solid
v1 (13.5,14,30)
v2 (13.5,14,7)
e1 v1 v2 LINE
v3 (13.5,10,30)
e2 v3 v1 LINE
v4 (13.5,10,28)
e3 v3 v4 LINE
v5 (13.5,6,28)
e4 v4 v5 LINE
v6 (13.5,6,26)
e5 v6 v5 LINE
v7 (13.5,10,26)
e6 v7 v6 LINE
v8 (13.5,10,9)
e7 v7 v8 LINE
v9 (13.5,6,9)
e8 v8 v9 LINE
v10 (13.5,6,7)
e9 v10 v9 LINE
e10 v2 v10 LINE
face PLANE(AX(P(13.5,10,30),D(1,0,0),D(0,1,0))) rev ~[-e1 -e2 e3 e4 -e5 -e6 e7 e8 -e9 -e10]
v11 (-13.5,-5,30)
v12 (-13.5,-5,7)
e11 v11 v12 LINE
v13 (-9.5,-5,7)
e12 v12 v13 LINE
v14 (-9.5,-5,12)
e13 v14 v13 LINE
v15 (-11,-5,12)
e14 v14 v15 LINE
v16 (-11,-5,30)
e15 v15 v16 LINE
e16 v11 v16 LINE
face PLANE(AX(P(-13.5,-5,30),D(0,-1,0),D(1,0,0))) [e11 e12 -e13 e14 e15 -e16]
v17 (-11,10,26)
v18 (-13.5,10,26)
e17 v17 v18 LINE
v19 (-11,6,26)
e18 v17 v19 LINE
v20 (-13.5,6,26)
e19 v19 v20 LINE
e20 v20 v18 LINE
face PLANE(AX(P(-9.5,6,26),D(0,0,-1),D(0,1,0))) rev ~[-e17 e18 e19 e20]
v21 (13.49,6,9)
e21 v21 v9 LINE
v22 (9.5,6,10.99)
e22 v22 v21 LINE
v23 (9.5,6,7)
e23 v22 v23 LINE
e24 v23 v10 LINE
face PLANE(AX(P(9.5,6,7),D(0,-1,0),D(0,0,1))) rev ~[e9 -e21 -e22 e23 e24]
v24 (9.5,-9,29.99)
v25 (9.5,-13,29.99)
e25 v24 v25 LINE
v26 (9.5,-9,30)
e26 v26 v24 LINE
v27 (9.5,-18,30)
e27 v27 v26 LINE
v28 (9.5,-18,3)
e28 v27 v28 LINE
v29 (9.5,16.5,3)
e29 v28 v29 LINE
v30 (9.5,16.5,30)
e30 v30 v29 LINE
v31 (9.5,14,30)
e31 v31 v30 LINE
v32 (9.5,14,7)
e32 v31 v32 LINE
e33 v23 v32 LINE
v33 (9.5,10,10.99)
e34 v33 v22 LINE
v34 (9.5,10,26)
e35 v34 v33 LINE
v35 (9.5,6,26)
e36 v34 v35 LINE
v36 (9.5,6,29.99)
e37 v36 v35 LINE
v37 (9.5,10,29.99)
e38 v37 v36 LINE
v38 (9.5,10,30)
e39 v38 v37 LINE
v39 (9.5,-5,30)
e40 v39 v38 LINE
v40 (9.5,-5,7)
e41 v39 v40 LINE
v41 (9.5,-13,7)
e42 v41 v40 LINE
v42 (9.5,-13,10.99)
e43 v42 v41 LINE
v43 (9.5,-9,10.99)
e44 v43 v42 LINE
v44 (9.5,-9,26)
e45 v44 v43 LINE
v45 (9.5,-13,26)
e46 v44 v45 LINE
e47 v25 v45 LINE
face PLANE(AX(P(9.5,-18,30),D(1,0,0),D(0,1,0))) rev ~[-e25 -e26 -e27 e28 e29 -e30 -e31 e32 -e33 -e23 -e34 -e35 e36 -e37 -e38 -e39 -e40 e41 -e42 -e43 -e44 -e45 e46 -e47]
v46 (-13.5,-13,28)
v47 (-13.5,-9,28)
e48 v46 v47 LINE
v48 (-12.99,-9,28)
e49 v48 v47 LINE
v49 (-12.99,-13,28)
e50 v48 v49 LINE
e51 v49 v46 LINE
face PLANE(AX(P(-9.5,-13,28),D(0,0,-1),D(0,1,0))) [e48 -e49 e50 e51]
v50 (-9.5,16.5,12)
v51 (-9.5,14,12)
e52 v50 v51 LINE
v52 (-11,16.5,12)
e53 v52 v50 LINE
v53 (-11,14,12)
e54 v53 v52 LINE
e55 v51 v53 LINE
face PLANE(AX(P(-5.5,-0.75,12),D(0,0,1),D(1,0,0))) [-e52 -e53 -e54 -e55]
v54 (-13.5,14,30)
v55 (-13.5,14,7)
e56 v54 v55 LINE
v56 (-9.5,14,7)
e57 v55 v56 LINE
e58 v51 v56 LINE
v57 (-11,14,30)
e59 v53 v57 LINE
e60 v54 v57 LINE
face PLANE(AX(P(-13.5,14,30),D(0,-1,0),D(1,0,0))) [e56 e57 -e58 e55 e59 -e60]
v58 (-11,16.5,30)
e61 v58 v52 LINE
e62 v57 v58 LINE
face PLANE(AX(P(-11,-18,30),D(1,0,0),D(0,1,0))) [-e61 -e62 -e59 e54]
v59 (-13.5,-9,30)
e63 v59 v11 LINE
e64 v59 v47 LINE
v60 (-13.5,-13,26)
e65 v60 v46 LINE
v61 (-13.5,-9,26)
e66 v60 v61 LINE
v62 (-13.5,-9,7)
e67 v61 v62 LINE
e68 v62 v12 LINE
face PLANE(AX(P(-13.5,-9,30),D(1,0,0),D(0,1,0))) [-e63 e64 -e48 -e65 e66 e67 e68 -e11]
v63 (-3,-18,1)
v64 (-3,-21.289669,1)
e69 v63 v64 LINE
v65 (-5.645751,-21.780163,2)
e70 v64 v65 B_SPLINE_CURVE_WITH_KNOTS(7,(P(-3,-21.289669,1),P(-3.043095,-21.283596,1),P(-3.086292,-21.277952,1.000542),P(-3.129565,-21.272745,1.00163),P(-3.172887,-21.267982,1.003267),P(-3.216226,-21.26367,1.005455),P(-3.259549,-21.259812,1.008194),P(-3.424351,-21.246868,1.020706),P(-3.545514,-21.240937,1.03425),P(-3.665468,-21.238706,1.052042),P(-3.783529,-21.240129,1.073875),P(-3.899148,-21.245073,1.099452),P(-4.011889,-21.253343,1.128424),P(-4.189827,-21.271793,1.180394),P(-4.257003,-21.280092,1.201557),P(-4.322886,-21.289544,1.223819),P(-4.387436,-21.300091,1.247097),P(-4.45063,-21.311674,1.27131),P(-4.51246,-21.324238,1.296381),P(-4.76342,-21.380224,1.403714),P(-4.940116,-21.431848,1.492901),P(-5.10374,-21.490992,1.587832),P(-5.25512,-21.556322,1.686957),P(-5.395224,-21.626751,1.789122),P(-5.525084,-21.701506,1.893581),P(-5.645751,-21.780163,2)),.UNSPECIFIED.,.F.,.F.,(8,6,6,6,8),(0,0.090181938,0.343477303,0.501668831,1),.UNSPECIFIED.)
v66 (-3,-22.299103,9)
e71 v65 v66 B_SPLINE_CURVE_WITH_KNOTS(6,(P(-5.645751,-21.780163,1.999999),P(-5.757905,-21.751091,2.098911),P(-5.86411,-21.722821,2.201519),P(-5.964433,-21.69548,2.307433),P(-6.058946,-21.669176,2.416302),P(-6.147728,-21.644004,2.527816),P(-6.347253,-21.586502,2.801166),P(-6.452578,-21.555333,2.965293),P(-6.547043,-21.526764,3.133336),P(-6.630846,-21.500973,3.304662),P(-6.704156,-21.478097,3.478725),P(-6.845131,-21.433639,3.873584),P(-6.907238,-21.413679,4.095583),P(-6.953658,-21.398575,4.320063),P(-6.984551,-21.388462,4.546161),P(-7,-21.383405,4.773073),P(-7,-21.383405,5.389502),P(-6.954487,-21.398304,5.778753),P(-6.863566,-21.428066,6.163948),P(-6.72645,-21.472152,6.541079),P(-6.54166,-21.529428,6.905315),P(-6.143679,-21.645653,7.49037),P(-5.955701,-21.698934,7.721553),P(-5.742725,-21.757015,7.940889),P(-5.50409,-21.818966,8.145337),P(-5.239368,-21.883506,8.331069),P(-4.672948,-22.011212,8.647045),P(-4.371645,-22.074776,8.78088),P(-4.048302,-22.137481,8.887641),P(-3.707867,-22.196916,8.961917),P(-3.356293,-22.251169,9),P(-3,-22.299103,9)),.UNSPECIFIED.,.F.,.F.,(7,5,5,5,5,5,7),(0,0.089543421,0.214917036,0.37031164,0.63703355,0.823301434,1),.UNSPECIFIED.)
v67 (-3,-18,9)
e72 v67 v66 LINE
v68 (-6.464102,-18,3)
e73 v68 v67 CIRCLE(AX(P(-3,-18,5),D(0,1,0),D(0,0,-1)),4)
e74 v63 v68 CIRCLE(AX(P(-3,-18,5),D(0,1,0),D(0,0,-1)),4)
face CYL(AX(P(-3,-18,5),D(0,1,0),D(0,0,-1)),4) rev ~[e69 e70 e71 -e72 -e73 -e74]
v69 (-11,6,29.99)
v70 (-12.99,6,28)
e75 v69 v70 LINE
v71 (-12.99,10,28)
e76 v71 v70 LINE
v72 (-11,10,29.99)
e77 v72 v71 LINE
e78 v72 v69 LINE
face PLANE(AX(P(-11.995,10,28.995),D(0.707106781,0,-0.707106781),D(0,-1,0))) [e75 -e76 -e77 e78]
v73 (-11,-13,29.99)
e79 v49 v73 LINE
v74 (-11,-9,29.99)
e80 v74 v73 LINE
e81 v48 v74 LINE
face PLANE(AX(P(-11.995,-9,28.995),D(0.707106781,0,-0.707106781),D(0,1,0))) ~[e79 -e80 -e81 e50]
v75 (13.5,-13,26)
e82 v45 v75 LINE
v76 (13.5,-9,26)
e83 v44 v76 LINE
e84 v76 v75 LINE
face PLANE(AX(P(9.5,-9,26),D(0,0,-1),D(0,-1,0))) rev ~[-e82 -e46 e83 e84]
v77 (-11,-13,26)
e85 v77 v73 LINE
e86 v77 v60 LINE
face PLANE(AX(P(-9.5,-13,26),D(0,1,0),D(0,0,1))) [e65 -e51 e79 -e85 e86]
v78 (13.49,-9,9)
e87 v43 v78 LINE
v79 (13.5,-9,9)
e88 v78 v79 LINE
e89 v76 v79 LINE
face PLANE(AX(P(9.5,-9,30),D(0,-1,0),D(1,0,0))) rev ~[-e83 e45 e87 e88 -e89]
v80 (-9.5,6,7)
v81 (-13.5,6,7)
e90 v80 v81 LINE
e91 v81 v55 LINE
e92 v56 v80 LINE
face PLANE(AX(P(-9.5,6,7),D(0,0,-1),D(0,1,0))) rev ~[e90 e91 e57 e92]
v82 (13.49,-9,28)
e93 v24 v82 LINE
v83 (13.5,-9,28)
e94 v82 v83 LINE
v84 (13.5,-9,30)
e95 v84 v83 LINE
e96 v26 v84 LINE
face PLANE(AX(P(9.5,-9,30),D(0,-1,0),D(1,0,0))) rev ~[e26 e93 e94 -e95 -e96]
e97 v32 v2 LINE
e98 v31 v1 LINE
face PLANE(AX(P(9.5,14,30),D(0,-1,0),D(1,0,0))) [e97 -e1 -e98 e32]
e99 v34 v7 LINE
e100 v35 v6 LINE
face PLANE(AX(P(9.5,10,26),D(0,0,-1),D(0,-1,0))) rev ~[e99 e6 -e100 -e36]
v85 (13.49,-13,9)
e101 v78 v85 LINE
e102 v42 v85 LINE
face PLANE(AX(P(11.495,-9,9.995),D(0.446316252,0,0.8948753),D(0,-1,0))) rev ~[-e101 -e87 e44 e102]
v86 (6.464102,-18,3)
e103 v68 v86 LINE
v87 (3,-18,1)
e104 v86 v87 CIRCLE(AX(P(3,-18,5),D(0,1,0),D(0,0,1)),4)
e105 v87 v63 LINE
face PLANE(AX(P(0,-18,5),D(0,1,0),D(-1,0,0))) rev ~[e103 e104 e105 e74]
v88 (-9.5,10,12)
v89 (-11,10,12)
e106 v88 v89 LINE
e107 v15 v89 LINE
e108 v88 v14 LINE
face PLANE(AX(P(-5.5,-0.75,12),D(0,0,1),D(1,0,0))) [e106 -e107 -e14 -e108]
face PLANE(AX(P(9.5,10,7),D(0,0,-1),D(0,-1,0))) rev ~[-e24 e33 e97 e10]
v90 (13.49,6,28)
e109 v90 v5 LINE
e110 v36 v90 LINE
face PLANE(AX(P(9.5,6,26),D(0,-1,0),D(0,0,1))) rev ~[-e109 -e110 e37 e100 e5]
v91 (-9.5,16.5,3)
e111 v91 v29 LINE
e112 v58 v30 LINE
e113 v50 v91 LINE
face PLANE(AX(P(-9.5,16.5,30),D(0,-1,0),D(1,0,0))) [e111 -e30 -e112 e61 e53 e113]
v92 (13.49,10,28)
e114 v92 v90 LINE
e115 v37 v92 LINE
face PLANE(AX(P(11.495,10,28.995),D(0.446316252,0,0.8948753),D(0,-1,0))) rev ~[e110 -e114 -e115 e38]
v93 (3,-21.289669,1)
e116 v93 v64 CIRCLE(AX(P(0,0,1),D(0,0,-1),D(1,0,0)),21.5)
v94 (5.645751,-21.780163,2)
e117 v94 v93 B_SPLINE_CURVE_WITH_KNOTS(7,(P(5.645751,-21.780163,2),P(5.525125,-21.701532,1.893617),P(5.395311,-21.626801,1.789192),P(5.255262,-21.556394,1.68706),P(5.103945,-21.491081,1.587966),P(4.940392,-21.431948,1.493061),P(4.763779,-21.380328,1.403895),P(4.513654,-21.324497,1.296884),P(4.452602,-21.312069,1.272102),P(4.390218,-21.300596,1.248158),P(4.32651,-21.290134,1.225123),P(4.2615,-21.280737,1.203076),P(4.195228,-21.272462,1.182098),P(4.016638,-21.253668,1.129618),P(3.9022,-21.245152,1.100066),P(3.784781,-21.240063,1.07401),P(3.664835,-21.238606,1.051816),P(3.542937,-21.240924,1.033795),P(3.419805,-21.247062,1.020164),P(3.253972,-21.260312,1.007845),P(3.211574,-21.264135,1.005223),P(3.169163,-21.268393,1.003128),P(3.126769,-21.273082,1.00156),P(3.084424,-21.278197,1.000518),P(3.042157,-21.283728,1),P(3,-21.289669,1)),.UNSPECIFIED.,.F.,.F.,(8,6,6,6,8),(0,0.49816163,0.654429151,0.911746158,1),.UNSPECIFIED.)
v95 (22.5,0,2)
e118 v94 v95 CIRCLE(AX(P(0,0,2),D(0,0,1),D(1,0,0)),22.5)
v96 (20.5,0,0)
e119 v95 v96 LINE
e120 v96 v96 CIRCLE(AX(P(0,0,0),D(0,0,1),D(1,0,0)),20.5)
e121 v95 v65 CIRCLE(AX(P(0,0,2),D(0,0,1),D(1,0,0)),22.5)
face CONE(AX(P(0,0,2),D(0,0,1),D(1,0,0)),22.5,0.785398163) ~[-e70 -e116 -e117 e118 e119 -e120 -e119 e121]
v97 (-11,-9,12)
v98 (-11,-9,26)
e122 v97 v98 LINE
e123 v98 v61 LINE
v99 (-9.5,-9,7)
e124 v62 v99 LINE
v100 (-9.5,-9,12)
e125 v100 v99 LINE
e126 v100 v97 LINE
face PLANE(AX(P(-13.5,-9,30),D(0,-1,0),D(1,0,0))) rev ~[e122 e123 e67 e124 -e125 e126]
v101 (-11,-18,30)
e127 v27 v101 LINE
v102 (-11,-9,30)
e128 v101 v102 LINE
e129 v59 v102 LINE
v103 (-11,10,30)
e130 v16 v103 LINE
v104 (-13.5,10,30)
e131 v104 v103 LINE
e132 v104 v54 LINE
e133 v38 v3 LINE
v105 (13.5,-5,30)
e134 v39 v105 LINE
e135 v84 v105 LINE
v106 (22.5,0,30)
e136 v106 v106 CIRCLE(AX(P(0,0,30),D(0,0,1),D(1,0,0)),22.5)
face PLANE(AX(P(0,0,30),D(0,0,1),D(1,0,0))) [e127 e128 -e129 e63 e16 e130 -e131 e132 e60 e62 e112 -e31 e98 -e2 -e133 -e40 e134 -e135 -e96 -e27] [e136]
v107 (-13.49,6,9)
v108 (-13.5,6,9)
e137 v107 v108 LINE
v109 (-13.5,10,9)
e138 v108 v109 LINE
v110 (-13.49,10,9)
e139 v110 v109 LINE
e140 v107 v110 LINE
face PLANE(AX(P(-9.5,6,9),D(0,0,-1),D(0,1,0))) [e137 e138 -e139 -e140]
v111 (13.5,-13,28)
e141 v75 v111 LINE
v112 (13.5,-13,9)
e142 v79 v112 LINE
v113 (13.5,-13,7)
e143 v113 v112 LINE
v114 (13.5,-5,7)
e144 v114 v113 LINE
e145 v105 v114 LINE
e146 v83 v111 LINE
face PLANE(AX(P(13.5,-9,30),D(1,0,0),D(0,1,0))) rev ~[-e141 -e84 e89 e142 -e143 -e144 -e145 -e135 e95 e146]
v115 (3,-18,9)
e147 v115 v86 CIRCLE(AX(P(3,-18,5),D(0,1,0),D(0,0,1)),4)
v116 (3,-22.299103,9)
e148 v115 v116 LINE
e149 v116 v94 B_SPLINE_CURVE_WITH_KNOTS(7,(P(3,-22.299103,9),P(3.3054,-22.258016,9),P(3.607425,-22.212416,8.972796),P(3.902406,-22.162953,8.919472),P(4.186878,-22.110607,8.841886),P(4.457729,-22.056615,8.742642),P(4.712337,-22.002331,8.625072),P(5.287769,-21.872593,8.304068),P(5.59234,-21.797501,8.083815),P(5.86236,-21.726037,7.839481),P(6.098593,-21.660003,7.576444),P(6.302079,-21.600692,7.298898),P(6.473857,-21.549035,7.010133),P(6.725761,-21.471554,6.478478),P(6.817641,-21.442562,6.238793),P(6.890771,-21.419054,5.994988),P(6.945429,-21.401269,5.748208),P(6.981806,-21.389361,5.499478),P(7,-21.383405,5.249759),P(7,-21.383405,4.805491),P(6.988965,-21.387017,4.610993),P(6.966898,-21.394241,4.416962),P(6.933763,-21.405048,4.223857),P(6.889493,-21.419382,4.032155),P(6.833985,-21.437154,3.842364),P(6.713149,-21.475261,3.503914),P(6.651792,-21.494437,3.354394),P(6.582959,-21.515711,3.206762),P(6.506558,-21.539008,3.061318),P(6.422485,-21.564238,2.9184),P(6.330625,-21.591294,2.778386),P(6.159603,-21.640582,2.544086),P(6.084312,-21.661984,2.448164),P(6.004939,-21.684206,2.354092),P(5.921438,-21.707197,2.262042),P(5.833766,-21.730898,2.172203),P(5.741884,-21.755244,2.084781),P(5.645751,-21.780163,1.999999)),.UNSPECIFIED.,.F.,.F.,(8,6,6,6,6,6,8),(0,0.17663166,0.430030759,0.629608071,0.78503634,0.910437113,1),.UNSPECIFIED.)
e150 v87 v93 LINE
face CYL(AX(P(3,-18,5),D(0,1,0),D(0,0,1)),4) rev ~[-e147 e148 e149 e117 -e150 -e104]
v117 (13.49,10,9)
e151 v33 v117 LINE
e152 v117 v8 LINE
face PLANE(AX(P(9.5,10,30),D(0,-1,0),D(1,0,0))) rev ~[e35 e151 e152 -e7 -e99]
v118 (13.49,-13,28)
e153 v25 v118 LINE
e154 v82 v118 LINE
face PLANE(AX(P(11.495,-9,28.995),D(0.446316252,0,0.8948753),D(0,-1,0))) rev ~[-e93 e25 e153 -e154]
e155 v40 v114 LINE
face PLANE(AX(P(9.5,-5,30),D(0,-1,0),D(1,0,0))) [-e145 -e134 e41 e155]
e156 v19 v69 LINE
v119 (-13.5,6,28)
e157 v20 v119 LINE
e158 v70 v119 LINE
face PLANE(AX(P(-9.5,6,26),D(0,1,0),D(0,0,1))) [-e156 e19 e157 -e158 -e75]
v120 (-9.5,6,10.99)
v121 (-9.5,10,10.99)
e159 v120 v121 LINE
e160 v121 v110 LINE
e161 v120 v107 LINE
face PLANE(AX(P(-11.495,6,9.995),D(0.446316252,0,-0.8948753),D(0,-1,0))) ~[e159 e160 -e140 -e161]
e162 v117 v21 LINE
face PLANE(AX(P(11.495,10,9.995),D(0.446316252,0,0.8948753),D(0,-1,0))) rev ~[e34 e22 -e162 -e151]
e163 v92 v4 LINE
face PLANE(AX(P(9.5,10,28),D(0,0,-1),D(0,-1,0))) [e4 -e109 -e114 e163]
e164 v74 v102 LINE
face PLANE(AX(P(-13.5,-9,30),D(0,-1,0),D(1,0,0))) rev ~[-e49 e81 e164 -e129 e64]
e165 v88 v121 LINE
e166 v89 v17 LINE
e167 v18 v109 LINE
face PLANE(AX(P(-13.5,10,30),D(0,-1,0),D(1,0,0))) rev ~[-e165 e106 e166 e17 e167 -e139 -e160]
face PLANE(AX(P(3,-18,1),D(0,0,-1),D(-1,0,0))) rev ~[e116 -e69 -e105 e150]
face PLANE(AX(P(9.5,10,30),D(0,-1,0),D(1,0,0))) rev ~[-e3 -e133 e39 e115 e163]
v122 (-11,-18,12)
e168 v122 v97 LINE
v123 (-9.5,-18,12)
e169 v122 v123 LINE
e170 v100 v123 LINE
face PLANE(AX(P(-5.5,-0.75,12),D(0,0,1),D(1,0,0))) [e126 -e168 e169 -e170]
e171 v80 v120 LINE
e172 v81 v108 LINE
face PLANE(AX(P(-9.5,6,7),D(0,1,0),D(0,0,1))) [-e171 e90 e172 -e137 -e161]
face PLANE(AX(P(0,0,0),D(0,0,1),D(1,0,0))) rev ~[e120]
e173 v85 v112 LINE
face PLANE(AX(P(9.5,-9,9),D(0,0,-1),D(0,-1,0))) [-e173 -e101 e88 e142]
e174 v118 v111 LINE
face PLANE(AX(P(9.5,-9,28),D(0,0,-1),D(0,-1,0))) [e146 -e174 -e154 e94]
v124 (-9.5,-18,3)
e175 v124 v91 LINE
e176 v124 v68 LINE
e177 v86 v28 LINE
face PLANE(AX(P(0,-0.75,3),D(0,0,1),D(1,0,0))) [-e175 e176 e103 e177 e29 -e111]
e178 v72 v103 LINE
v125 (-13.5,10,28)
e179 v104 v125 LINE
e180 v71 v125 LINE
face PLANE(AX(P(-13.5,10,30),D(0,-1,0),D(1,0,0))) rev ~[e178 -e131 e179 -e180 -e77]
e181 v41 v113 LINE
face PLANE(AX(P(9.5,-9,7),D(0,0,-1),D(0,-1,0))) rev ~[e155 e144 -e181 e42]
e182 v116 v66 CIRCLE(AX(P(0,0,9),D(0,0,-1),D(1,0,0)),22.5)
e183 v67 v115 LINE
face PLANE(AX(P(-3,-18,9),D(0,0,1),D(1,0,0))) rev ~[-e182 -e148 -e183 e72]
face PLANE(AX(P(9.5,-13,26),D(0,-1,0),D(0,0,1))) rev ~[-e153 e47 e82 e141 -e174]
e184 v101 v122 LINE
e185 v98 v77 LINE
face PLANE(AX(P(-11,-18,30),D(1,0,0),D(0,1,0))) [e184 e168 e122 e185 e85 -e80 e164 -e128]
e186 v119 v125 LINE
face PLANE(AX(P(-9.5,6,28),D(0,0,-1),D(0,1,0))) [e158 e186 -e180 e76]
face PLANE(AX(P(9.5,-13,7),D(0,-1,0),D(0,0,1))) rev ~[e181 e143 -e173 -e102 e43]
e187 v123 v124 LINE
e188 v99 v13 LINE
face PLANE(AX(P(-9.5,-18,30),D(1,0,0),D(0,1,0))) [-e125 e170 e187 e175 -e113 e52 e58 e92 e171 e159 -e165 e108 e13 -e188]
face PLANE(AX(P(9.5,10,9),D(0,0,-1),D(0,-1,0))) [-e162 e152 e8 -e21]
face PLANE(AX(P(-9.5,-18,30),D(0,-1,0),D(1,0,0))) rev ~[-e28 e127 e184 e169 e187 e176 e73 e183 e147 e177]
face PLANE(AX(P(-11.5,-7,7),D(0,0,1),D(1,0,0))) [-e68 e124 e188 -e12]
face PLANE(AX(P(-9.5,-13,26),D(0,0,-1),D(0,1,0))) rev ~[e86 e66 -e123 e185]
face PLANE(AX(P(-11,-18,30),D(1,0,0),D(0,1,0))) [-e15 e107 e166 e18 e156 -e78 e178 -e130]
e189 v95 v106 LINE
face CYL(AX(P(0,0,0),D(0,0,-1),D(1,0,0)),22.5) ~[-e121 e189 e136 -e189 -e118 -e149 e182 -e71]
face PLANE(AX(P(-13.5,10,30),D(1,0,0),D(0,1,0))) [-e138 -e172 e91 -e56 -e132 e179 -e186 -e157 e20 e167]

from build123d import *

# Parameters (mm, degrees)
SKETCH025_R     = 22.5
PAD008_DEPTH    = 30
CHAMFER006_SIZE = 2
SKETCH026_W     = 19
SKETCH026_H     = 34.5
POCKET016_DEPTH = 27
POCKET017_DEPTH = 5
SKETCH028_W     = 4
SKETCH028_H     = 4
POCKET018_DEPTH = 23
SKETCH029_W     = 4
SKETCH029_H     = 2
POCKET019_DEPTH = 4
SKETCH030_W     = 4
SKETCH030_H     = 2
POCKET020_DEPTH = 4
SKETCH034_W     = 11
SKETCH034_H     = 34.5
POCKET_DEPTH    = 18
CHAMFER_1_SIZE2 = 3.99
CHAMFER_1_SIZE  = 1.99
CHAMFER_2_SIZE2 = 3.99
CHAMFER_2_SIZE  = 1.99
CHAMFER007_SIZE = 1.99


with BuildPart() as part:
    # Sketch025 → Pad008 (new body)
    with BuildSketch(Plane.XY):
        Circle(SKETCH025_R)
    extrude(amount=PAD008_DEPTH)

    # Chamfer006
    chamfer006_edges = [part.edges().sort_by_distance(p)[0] for p in [
        (-22.5, 0, 0),
    ]]
    chamfer(chamfer006_edges, length=CHAMFER006_SIZE)

    # Sketch026 (on Face3 of Chamfer006) → Pocket016 (cut)
    with BuildSketch(Plane.XY.offset(30)):
        with Locations((0, -0.75)):
            Rectangle(SKETCH026_W, SKETCH026_H)
    extrude(amount=-POCKET016_DEPTH, mode=Mode.SUBTRACT)

    # Sketch027 (on Face6 of Pocket016) → Pocket017 (cut)
    with BuildSketch(Plane(origin=(0, -18, 0), x_dir=(-1, 0, 0), z_dir=(0, 1, 0))):
        with BuildLine():
            ThreePointArc((-3, 9), (-7, 5), (-3, 1))
            Line((-3, 1), (3, 1))
            ThreePointArc((3, 1), (7, 5), (3, 9))
            Line((3, 9), (-3, 9))
        make_face()
    extrude(amount=-POCKET017_DEPTH, mode=Mode.SUBTRACT)

    # Sketch028 (on Face6 of Pocket017) → Pocket018 (cut)
    with BuildSketch(Plane.XY.offset(30)):
        with Locations((-11.5, 12)):
            Rectangle(SKETCH028_W, SKETCH028_H)
        with Locations((-11.5, -7)):
            Rectangle(SKETCH028_W, SKETCH028_H)
        with Locations((11.5, -7)):
            Rectangle(SKETCH028_W, SKETCH028_H)
        with Locations((11.5, 12)):
            Rectangle(SKETCH028_W, SKETCH028_H)
    extrude(amount=-POCKET018_DEPTH, mode=Mode.SUBTRACT)

    # Sketch029 (on Face19 of Pocket018) → Pocket019 (cut)
    with BuildSketch(Plane.YZ.offset(-9.5)):
        with Locations((-11, 27)):
            Rectangle(SKETCH029_W, SKETCH029_H)
        with Locations((8, 27)):
            Rectangle(SKETCH029_W, SKETCH029_H)
        with Locations((8, 8)):
            Rectangle(SKETCH029_W, SKETCH029_H)
    extrude(amount=-POCKET019_DEPTH, mode=Mode.SUBTRACT)

    # Sketch030 (on Face11 of Pocket019) → Pocket020 (cut)
    with BuildSketch(Plane(origin=(9.5, 0, 0), x_dir=(0, -1, 0), z_dir=(-1, 0, 0))):
        with Locations((-8, 8)):
            Rectangle(SKETCH030_W, SKETCH030_H)
        with Locations((-8, 27)):
            Rectangle(SKETCH030_W, SKETCH030_H)
        with Locations((11, 8)):
            Rectangle(SKETCH030_W, SKETCH030_H)
        with Locations((11, 27)):
            Rectangle(SKETCH030_W, SKETCH030_H)
    extrude(amount=-POCKET020_DEPTH, mode=Mode.SUBTRACT)

    # Sketch034 (on Face6 of Pocket020) → Pocket (cut)
    with BuildSketch(Plane.XY.offset(30)):
        with Locations((-5.5, -0.75)):
            Rectangle(SKETCH034_W, SKETCH034_H)
    extrude(amount=-POCKET_DEPTH, mode=Mode.SUBTRACT)

    # Chamfer 1
    chamfer_1_edges = [part.edges().sort_by_distance(p)[0] for p in [
        (9.5, 8, 28),
        (9.5, -11, 28),
        (9.5, -11, 9),
        (9.5, 8, 9),
    ]]
    chamfer_1_side = part.faces().sort_by_distance((9.5, -1.552236, 15.94095))[0]
    chamfer(chamfer_1_edges, length=CHAMFER_1_SIZE, length2=CHAMFER_1_SIZE2, reference=chamfer_1_side)

    # Chamfer 2
    chamfer_2_edges = [part.edges().sort_by_distance(p)[0] for p in [
        (-9.5, 8, 9),
    ]]
    chamfer_2_side = part.faces().sort_by_distance((-9.5, -1.511905, 7.18))[0]
    chamfer(chamfer_2_edges, length=CHAMFER_2_SIZE, length2=CHAMFER_2_SIZE2, reference=chamfer_2_side)

    # Chamfer007
    chamfer007_edges = [part.edges().sort_by_distance(p)[0] for p in [
        (-11, 8, 28),
        (-11, -11, 28),
    ]]
    chamfer(chamfer007_edges, length=CHAMFER007_SIZE)


solid = part.part
